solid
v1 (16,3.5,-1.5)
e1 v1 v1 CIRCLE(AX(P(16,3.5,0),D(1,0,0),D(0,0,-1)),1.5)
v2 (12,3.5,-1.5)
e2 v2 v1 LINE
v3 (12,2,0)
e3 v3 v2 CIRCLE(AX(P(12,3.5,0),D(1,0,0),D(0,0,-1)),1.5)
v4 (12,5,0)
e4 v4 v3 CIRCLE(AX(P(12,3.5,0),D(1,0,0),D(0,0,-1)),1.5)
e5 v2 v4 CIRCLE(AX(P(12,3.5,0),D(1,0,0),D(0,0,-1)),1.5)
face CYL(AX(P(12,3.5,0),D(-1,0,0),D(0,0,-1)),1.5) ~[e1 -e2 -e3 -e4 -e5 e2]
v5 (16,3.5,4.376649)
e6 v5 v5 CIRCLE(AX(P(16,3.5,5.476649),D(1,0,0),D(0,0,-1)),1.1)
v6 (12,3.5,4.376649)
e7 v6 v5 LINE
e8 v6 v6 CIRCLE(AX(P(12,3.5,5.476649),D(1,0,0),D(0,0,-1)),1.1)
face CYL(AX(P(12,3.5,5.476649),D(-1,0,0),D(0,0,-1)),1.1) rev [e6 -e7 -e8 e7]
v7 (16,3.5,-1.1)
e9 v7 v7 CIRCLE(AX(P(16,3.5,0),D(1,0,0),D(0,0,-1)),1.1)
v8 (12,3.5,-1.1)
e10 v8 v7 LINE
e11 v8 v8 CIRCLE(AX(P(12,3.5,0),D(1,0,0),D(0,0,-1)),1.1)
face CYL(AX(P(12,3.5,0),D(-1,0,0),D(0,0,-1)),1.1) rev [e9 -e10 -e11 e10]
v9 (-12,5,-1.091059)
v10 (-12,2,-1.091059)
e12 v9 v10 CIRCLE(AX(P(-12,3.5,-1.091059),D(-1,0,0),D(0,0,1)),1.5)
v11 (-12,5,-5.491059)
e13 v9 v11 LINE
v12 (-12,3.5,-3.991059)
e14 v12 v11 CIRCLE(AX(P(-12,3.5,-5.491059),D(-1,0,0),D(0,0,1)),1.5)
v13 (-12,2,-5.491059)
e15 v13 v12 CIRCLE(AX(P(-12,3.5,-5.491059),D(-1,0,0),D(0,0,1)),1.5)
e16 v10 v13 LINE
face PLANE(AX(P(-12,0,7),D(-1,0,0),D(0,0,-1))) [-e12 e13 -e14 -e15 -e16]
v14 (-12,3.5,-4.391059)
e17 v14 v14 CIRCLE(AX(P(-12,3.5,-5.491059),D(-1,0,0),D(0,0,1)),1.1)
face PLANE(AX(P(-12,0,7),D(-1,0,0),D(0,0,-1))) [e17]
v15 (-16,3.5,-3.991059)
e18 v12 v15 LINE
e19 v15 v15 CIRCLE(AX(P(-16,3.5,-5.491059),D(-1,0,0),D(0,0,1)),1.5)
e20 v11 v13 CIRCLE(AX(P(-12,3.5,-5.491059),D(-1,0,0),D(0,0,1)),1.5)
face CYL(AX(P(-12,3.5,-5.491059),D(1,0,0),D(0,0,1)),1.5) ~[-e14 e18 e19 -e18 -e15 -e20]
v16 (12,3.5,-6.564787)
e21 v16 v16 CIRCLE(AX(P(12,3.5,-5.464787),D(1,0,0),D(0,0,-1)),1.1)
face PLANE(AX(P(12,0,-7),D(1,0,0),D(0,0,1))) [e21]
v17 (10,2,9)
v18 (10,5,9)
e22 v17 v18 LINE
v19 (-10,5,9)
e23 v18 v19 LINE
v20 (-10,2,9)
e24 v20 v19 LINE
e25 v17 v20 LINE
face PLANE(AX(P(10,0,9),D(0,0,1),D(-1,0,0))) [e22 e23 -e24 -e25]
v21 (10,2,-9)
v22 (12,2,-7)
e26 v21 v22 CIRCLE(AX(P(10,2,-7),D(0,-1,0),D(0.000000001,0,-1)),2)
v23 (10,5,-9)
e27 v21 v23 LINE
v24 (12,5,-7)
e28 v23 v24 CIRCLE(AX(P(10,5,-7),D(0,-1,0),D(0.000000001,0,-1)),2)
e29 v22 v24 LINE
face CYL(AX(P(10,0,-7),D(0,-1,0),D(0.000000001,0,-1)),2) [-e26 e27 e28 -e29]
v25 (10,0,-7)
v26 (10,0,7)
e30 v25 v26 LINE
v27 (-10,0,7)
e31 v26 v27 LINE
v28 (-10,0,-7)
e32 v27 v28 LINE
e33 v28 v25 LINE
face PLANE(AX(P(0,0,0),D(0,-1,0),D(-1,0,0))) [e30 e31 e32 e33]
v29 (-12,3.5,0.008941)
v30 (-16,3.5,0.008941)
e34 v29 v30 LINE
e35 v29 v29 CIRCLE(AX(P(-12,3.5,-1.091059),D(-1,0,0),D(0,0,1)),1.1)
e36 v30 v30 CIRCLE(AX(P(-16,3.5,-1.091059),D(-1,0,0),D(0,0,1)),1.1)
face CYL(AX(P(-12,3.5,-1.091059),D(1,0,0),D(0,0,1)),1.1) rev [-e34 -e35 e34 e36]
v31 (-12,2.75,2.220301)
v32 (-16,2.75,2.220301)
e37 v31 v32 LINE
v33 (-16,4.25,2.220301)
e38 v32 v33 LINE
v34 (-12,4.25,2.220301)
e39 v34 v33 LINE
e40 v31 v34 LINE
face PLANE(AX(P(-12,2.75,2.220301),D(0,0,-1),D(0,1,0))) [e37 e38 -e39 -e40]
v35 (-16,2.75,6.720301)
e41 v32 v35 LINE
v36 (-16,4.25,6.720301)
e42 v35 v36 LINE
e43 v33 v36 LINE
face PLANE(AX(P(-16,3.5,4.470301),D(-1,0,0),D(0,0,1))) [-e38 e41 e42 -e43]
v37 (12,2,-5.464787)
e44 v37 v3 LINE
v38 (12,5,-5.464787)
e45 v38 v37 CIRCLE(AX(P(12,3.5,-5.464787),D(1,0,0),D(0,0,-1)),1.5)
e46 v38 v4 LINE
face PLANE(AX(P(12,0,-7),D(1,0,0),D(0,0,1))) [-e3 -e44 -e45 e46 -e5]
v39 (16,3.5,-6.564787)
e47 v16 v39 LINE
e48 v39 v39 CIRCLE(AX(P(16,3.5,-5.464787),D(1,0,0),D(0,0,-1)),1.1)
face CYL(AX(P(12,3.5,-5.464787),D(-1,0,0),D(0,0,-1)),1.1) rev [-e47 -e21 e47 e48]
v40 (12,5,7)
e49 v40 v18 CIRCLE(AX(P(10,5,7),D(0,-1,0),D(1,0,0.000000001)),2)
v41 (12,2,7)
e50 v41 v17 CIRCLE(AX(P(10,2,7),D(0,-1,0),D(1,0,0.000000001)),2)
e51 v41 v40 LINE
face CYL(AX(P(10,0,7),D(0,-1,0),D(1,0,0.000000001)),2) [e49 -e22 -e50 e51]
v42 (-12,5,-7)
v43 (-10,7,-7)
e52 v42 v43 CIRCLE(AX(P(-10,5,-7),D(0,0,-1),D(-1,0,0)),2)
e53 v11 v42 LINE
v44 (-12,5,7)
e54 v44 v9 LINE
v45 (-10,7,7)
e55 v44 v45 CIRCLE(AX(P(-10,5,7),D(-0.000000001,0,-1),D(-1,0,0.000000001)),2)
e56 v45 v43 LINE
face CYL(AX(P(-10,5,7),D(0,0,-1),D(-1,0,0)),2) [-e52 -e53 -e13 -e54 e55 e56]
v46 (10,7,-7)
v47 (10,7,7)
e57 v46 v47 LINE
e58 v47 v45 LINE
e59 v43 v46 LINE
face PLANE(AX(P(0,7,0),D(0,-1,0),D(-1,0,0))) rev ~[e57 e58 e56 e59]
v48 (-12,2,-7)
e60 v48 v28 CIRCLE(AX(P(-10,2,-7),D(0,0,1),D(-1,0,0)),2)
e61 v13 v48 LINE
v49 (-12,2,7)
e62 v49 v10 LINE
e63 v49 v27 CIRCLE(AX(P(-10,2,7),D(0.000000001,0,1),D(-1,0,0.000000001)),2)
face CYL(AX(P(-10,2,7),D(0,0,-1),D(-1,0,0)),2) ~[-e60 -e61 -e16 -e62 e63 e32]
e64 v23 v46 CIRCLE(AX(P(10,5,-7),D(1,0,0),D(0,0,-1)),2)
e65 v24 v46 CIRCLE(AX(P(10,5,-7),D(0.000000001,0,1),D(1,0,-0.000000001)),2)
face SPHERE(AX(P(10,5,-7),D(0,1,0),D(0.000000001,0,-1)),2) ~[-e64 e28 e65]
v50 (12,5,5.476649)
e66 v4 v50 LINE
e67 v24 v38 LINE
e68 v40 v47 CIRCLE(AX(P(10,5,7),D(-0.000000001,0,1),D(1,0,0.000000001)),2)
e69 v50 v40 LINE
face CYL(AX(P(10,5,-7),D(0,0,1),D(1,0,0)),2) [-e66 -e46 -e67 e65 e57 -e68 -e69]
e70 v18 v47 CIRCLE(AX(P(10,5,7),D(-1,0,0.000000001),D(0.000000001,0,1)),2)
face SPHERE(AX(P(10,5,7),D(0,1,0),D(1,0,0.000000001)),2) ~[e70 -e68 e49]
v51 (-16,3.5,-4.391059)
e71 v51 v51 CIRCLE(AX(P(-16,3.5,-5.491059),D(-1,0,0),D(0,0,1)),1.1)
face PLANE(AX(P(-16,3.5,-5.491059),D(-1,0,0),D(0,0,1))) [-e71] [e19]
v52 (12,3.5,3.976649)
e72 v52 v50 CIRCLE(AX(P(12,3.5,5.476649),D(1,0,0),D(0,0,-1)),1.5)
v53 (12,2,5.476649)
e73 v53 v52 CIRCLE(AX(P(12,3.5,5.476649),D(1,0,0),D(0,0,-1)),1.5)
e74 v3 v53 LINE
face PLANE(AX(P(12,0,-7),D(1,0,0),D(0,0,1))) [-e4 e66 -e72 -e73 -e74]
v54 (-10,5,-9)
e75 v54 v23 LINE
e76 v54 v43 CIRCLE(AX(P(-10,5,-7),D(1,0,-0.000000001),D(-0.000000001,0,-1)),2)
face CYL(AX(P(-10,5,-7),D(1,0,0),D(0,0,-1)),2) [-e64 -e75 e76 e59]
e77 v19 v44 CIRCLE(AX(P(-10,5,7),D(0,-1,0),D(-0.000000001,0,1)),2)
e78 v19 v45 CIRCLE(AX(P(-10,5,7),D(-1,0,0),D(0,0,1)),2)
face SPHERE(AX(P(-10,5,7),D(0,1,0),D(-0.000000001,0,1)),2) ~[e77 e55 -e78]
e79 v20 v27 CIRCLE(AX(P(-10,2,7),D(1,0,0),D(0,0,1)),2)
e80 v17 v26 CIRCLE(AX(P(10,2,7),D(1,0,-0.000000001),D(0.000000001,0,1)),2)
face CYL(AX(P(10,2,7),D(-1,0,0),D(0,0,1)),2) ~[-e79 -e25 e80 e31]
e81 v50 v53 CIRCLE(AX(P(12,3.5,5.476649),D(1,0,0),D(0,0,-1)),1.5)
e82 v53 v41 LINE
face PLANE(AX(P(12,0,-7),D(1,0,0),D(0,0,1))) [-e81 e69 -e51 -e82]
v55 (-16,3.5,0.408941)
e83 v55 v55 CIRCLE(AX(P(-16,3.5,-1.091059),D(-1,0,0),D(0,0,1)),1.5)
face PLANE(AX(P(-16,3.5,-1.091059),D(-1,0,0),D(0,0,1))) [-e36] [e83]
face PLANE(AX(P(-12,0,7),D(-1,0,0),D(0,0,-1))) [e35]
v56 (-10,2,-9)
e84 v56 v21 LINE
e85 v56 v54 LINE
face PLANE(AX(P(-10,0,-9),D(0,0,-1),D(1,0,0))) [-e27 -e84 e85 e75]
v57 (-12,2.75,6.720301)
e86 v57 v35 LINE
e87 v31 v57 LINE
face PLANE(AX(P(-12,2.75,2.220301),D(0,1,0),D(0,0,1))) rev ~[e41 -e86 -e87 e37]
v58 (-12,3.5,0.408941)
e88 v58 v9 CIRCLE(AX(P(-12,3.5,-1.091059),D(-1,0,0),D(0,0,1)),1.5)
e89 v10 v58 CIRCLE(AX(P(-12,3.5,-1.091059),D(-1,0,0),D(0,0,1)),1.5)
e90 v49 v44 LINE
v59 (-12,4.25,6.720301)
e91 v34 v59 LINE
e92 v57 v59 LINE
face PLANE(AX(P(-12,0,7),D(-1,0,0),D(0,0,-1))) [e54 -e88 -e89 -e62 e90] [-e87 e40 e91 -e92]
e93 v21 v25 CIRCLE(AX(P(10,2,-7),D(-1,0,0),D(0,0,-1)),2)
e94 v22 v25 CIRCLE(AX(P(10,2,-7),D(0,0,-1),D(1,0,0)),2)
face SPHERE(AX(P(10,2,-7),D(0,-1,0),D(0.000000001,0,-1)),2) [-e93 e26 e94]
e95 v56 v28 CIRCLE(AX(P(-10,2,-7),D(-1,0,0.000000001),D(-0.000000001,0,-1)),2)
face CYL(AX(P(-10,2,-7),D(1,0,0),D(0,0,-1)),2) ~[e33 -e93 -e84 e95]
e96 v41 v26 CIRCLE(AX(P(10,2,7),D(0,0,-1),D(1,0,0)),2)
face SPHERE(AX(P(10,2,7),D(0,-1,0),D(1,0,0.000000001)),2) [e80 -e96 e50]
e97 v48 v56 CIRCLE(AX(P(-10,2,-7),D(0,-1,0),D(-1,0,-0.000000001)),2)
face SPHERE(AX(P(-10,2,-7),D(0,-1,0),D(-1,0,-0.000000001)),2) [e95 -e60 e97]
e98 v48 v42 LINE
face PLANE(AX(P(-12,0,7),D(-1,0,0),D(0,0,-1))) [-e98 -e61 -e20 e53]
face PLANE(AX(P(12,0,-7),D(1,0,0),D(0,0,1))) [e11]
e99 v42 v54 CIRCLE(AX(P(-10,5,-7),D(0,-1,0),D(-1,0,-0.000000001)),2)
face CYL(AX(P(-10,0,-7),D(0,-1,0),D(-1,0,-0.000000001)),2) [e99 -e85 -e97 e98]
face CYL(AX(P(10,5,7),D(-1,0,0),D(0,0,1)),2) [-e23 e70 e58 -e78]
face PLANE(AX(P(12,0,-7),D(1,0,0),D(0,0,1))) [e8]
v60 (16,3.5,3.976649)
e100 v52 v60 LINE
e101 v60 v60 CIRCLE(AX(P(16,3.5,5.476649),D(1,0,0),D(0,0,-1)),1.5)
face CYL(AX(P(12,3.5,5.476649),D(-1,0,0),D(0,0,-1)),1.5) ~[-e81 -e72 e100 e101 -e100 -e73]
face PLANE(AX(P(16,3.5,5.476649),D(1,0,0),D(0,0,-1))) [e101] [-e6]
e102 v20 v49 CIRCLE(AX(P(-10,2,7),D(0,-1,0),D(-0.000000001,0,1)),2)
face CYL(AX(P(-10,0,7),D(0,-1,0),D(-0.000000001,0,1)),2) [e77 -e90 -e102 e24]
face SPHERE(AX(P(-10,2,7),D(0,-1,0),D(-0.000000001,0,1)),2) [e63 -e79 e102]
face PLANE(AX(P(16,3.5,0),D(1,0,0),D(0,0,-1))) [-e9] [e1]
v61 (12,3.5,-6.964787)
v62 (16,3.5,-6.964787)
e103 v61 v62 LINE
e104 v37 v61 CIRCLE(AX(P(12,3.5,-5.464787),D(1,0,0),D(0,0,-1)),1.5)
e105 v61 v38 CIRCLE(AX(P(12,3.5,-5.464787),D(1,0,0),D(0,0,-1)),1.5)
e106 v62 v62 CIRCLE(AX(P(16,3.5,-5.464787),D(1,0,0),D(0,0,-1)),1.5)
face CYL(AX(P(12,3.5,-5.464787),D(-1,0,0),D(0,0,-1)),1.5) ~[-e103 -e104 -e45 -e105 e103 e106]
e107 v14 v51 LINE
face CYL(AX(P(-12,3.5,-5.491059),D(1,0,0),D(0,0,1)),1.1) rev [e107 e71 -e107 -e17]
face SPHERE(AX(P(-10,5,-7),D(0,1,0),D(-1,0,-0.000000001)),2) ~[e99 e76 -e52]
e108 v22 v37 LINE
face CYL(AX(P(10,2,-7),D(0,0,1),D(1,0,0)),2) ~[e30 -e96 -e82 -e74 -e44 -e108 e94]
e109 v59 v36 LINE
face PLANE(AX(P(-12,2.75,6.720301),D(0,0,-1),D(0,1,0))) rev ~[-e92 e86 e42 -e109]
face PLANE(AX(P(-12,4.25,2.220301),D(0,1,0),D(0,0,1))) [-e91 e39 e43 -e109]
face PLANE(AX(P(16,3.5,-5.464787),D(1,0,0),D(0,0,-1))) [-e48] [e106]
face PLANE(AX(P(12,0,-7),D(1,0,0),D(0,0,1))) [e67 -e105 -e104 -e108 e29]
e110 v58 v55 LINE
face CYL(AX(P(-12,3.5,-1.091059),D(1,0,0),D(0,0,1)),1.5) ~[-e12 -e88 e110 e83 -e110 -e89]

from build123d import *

# Parameters (mm, degrees)
BOSS_EXTRUDE1_DEPTH = 7
FILLET1_R           = 2
SKETCH2_R           = 1.5
SKETCH2_R_2         = 1.1
BOSS_EXTRUDE2_DEPTH = 4
SKETCH3_R           = 1.5
SKETCH3_R_2         = 1.1
SKETCH3_W           = 4.5
SKETCH3_H           = 1.5
BOSS_EXTRUDE3_DEPTH = 4


with BuildPart() as part:
    # Sketch1 → Boss-Extrude1 (new body)
    with BuildSketch(Plane(origin=(0, 0, 0), x_dir=(1, 0, 0), z_dir=(0, 1, 0))):
        with BuildLine():
            Line((10, -9), (-10, -9))
            ThreePointArc((-10, -9), (-11.414213562, -8.414213562), (-12, -7))
            Line((-12, -7), (-12, 7))
            ThreePointArc((-12, 7), (-11.414213562, 8.414213562), (-10, 9))
            Line((-10, 9), (10, 9))
            ThreePointArc((10, 9), (11.414213562, 8.414213562), (12, 7))
            Line((12, 7), (12, -7))
            ThreePointArc((12, -7), (11.414213562, -8.414213562), (10, -9))
        make_face()
    extrude(amount=BOSS_EXTRUDE1_DEPTH)

    # Fillet1
    fillet1_edges = [part.edges().sort_by_distance(p)[0] for p in [
        (12, 0, 0),
        (11.414213562, 0, 8.414213562),
        (0, 0, 9),
        (-11.414213562, 0, 8.414213562),
        (11.414213562, 7, 8.414213562),
        (12, 7, 0),
        (11.414213562, 7, -8.414213562),
        (0, 7, -9),
        (-11.414213562, 7, -8.414213562),
        (-12, 7, 0),
        (-11.414213562, 7, 8.414213562),
        (-12, 0, 0),
        (0, 7, 9),
        (-11.414213562, 0, -8.414213562),
        (0, 0, -9),
        (11.414213562, 0, -8.414213562),
    ]]
    fillet(fillet1_edges, radius=FILLET1_R)

    # Sketch2 → Boss-Extrude2 (add)
    with BuildSketch(Plane(origin=(12, 0, 0), x_dir=(0, 0, -1), z_dir=(1, 0, 0))):
        with Locations((0, 3.5)):
            Circle(SKETCH2_R)
        with Locations((0, 3.5)):
            Circle(SKETCH2_R_2, mode=Mode.SUBTRACT)
        with Locations((-5.476648667, 3.5)):
            Circle(SKETCH2_R)
        with Locations((-5.476648667, 3.5)):
            Circle(SKETCH2_R_2, mode=Mode.SUBTRACT)
        with Locations((5.464786958, 3.5)):
            Circle(SKETCH2_R)
        with Locations((5.464786958, 3.5)):
            Circle(SKETCH2_R_2, mode=Mode.SUBTRACT)
    extrude(amount=BOSS_EXTRUDE2_DEPTH)

    # Sketch3 → Boss-Extrude3 (add)
    with BuildSketch(Plane.ZY.offset(12)):
        with Locations((-1.091059361, 3.5)):
            Circle(SKETCH3_R)
        with Locations((-1.091059361, 3.5)):
            Circle(SKETCH3_R_2, mode=Mode.SUBTRACT)
        with Locations((-5.491059361, 3.5)):
            Circle(SKETCH3_R)
        with Locations((-5.491059361, 3.5)):
            Circle(SKETCH3_R_2, mode=Mode.SUBTRACT)
        with Locations((4.47030055, 3.5)):
            Rectangle(SKETCH3_W, SKETCH3_H)
    extrude(amount=BOSS_EXTRUDE3_DEPTH)


solid = part.part
